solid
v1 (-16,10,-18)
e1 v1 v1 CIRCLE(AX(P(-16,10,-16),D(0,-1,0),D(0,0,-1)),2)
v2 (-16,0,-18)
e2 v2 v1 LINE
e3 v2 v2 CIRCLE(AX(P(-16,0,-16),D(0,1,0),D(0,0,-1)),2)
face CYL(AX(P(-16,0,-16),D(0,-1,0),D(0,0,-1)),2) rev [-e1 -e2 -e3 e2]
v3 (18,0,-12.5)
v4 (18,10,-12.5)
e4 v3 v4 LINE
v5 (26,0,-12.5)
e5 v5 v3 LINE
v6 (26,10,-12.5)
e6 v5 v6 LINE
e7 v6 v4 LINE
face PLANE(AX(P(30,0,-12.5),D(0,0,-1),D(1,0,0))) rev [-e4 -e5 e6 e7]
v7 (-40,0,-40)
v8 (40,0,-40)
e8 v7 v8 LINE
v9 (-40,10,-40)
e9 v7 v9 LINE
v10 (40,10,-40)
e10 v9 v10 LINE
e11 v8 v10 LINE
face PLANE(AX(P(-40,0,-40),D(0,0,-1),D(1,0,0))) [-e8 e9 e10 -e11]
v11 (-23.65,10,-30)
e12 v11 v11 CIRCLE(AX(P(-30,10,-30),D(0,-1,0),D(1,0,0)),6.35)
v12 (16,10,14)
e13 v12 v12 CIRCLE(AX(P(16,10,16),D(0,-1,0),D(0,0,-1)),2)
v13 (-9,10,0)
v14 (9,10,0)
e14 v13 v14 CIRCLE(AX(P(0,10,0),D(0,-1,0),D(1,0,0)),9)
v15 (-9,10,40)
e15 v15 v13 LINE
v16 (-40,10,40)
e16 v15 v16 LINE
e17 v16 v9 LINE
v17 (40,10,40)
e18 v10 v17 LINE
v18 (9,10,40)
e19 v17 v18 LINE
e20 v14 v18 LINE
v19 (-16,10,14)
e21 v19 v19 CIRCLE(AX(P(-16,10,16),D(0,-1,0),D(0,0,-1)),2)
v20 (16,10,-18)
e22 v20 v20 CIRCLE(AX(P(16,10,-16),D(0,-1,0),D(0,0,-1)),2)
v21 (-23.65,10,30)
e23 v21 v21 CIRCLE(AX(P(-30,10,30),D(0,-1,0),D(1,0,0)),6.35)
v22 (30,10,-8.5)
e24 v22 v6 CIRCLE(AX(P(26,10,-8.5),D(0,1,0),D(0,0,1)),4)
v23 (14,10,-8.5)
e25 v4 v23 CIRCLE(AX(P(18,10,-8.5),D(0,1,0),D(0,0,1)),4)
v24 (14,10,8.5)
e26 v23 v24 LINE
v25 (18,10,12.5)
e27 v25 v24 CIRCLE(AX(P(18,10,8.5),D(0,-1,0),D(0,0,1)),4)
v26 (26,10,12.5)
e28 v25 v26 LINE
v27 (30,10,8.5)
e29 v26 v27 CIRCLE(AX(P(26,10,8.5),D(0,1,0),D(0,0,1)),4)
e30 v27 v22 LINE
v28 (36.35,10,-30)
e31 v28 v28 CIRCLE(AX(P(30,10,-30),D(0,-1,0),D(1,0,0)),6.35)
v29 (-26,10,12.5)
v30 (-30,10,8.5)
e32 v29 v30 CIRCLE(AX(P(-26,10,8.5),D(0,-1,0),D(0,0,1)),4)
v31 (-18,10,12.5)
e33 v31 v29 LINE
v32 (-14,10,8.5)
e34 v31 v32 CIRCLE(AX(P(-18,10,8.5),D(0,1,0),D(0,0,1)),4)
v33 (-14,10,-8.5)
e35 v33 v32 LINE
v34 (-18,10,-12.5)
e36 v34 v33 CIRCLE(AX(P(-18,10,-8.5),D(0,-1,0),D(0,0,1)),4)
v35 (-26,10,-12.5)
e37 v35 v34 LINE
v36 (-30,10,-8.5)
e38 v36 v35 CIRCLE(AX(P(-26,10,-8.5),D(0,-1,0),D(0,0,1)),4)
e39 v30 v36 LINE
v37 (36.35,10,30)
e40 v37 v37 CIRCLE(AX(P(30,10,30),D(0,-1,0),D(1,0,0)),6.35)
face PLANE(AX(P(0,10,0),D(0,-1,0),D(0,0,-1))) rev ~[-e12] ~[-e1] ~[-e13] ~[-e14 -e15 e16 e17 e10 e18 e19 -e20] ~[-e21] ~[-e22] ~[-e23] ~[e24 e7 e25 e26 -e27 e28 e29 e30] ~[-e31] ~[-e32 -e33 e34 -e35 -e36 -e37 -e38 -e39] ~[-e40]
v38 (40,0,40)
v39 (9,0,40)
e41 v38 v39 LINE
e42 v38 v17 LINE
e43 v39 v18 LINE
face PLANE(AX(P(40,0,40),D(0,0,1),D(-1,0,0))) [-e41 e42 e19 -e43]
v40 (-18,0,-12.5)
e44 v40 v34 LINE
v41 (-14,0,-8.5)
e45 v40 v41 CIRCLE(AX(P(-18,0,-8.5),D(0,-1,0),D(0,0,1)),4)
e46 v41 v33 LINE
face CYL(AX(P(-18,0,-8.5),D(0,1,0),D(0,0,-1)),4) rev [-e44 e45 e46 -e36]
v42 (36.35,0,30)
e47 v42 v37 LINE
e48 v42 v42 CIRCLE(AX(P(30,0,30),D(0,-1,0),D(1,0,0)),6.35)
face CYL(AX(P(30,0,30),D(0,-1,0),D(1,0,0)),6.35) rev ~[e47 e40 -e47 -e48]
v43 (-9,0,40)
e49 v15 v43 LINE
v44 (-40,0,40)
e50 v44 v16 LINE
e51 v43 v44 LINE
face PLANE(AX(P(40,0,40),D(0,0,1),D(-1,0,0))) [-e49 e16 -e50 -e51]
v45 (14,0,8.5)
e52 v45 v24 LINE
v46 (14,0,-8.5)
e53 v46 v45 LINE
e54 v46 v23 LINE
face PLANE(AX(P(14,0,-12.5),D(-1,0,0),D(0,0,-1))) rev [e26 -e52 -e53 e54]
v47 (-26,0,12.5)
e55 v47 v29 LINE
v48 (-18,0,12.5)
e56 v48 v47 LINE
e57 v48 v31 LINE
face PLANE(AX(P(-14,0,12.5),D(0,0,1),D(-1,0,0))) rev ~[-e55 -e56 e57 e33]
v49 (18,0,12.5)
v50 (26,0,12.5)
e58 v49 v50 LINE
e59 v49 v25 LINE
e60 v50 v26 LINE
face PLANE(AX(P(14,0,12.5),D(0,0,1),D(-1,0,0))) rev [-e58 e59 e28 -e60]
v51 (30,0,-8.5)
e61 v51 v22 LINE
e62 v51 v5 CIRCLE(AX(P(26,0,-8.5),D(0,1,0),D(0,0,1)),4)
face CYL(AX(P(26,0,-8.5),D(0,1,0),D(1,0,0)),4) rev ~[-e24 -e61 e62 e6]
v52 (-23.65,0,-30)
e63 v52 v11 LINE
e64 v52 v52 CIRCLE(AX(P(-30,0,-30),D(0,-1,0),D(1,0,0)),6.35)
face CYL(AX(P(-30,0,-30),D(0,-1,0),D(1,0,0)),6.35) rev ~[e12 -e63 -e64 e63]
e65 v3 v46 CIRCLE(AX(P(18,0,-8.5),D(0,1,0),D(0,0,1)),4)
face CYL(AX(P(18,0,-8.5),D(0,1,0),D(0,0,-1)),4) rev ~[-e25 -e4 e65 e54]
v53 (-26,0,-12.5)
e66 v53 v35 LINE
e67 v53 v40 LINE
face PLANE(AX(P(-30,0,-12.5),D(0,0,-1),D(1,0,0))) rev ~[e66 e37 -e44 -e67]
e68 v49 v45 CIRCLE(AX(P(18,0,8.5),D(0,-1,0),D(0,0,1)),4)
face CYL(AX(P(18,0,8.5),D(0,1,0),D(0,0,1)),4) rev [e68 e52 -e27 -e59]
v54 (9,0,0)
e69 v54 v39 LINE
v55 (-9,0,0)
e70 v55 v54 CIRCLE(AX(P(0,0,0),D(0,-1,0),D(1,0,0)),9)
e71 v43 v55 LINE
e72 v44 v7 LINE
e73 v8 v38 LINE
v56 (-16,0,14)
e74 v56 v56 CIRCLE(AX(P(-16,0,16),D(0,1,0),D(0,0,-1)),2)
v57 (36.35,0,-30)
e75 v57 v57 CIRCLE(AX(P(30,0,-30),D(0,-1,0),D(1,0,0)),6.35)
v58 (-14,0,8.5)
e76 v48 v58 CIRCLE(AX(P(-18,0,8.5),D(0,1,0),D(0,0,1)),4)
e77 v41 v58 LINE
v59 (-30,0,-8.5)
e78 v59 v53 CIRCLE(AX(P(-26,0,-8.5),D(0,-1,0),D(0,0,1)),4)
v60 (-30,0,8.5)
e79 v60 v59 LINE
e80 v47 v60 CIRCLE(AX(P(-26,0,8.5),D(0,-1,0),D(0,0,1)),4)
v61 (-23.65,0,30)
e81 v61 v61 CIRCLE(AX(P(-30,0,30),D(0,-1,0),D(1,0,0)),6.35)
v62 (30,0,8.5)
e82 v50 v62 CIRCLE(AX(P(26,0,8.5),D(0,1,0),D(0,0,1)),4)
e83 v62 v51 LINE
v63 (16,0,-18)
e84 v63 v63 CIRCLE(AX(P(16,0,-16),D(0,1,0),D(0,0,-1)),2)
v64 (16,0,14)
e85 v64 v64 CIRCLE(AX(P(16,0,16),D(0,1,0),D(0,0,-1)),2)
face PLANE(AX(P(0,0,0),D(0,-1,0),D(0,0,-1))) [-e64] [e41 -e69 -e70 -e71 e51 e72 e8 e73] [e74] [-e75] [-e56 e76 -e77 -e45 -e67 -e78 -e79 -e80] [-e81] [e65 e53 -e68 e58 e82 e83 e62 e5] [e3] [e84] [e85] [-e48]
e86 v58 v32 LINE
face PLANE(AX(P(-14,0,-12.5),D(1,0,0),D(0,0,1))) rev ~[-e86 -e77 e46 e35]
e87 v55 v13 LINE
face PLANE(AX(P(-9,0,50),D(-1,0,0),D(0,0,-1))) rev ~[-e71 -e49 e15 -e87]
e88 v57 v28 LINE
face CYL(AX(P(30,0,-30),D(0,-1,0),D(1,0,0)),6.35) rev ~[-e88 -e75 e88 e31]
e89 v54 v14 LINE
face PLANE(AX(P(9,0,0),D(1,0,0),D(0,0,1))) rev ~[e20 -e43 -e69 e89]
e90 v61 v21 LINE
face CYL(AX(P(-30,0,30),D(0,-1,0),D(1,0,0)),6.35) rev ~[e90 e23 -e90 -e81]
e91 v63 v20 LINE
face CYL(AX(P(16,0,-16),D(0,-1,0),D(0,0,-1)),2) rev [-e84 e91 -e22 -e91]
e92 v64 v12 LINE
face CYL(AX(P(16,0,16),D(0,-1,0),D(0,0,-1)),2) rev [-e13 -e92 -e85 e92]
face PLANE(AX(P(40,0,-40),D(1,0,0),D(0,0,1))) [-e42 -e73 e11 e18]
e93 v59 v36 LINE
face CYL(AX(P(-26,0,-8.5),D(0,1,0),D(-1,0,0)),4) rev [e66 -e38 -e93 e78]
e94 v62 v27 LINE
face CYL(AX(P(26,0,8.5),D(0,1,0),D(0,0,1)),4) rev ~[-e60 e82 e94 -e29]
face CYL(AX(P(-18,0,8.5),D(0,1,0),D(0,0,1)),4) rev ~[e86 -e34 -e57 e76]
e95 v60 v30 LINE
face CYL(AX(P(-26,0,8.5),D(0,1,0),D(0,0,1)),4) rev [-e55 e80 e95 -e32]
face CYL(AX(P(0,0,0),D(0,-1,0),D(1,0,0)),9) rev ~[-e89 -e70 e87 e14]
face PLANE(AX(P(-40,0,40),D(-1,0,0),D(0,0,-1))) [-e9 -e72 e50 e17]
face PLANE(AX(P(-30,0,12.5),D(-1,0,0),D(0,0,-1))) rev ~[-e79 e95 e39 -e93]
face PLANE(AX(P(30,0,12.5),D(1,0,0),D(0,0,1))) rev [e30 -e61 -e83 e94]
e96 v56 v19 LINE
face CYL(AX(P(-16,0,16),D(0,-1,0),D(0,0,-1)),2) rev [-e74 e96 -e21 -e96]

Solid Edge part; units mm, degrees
sketch "Sketch1" plane through (0, 0, 0) normal (0, -1, 0) x (1, 0, 0)
  line L0 (40, 40) -> (-40, 40)
  line L1 (-40, 40) -> (-40, -40)
  line L2 (-40, -40) -> (40, -40)
  line L3 (40, -40) -> (40, 40)
  circle A0 centre (0, 0) radius 9
extrude "Extrusionsausprägung_23" add sketch "Sketch1" against normal blind 10
sketch "Sketch2" plane through (0, 0, 0) normal (0, -1, 0) x (1, 0, 0)
  circle A0 centre (-30, 30) radius 6.35
  circle A1 centre (30, 30) radius 6.35
  circle A2 centre (30, -30) radius 6.35
  circle A3 centre (-30, -30) radius 6.35
extrude "Extrusionsausschnitt_26" cut sketch "Sketch2" against normal blind 274
hole "Bohrung_9" at (16, 0, 16) direction (0, 1, 0) diameter 4 end up to next
hole "Hole1" at (16, 0, -16) direction (0, 1, 0) diameter 4 end up to next
hole "Hole2" at (-16, 0, -16) direction (0, 1, 0) diameter 4 end up to next
hole "Hole3" at (-16, 0, 16) direction (0, 1, 0) diameter 4 end up to next
sketch "Sketch3" plane through (0, 0, 0) normal (0, -1, 0) x (1, 0, 0)
  line L0 (9, 50) -> (-9, 50)
  line L1 (-9, 50) -> (-9, 0)
  line L2 (-9, 0) -> (9, 0)
  line L3 (9, 0) -> (9, 50)
extrude "Extrusionsausschnitt_27" cut sketch "Sketch3" against normal blind 138
sketch "Sketch4" plane through (0, 0, 0) normal (0, -1, 0) x (1, 0, 0)
  line L0 (-14, 12.5) -> (-30, 12.5)
  line L1 (-30, 12.5) -> (-30, -12.5)
  line L2 (-30, -12.5) -> (-14, -12.5)
  line L3 (-14, -12.5) -> (-14, 12.5)
extrude "Extrusionsausschnitt_28" cut sketch "Sketch4" against normal blind 67
fillet "Verrundung_16" radius 4 4 edges at (-30, 5, 12.5) (-14, 5, 12.5) (-30, 5, -12.5) (-14, 5, -12.5)
mirror "Mirror1" about plane through (0, 0, 0) normal (1, 0, 0) of "Extrusionsausschnitt_28", "Verrundung_16"
